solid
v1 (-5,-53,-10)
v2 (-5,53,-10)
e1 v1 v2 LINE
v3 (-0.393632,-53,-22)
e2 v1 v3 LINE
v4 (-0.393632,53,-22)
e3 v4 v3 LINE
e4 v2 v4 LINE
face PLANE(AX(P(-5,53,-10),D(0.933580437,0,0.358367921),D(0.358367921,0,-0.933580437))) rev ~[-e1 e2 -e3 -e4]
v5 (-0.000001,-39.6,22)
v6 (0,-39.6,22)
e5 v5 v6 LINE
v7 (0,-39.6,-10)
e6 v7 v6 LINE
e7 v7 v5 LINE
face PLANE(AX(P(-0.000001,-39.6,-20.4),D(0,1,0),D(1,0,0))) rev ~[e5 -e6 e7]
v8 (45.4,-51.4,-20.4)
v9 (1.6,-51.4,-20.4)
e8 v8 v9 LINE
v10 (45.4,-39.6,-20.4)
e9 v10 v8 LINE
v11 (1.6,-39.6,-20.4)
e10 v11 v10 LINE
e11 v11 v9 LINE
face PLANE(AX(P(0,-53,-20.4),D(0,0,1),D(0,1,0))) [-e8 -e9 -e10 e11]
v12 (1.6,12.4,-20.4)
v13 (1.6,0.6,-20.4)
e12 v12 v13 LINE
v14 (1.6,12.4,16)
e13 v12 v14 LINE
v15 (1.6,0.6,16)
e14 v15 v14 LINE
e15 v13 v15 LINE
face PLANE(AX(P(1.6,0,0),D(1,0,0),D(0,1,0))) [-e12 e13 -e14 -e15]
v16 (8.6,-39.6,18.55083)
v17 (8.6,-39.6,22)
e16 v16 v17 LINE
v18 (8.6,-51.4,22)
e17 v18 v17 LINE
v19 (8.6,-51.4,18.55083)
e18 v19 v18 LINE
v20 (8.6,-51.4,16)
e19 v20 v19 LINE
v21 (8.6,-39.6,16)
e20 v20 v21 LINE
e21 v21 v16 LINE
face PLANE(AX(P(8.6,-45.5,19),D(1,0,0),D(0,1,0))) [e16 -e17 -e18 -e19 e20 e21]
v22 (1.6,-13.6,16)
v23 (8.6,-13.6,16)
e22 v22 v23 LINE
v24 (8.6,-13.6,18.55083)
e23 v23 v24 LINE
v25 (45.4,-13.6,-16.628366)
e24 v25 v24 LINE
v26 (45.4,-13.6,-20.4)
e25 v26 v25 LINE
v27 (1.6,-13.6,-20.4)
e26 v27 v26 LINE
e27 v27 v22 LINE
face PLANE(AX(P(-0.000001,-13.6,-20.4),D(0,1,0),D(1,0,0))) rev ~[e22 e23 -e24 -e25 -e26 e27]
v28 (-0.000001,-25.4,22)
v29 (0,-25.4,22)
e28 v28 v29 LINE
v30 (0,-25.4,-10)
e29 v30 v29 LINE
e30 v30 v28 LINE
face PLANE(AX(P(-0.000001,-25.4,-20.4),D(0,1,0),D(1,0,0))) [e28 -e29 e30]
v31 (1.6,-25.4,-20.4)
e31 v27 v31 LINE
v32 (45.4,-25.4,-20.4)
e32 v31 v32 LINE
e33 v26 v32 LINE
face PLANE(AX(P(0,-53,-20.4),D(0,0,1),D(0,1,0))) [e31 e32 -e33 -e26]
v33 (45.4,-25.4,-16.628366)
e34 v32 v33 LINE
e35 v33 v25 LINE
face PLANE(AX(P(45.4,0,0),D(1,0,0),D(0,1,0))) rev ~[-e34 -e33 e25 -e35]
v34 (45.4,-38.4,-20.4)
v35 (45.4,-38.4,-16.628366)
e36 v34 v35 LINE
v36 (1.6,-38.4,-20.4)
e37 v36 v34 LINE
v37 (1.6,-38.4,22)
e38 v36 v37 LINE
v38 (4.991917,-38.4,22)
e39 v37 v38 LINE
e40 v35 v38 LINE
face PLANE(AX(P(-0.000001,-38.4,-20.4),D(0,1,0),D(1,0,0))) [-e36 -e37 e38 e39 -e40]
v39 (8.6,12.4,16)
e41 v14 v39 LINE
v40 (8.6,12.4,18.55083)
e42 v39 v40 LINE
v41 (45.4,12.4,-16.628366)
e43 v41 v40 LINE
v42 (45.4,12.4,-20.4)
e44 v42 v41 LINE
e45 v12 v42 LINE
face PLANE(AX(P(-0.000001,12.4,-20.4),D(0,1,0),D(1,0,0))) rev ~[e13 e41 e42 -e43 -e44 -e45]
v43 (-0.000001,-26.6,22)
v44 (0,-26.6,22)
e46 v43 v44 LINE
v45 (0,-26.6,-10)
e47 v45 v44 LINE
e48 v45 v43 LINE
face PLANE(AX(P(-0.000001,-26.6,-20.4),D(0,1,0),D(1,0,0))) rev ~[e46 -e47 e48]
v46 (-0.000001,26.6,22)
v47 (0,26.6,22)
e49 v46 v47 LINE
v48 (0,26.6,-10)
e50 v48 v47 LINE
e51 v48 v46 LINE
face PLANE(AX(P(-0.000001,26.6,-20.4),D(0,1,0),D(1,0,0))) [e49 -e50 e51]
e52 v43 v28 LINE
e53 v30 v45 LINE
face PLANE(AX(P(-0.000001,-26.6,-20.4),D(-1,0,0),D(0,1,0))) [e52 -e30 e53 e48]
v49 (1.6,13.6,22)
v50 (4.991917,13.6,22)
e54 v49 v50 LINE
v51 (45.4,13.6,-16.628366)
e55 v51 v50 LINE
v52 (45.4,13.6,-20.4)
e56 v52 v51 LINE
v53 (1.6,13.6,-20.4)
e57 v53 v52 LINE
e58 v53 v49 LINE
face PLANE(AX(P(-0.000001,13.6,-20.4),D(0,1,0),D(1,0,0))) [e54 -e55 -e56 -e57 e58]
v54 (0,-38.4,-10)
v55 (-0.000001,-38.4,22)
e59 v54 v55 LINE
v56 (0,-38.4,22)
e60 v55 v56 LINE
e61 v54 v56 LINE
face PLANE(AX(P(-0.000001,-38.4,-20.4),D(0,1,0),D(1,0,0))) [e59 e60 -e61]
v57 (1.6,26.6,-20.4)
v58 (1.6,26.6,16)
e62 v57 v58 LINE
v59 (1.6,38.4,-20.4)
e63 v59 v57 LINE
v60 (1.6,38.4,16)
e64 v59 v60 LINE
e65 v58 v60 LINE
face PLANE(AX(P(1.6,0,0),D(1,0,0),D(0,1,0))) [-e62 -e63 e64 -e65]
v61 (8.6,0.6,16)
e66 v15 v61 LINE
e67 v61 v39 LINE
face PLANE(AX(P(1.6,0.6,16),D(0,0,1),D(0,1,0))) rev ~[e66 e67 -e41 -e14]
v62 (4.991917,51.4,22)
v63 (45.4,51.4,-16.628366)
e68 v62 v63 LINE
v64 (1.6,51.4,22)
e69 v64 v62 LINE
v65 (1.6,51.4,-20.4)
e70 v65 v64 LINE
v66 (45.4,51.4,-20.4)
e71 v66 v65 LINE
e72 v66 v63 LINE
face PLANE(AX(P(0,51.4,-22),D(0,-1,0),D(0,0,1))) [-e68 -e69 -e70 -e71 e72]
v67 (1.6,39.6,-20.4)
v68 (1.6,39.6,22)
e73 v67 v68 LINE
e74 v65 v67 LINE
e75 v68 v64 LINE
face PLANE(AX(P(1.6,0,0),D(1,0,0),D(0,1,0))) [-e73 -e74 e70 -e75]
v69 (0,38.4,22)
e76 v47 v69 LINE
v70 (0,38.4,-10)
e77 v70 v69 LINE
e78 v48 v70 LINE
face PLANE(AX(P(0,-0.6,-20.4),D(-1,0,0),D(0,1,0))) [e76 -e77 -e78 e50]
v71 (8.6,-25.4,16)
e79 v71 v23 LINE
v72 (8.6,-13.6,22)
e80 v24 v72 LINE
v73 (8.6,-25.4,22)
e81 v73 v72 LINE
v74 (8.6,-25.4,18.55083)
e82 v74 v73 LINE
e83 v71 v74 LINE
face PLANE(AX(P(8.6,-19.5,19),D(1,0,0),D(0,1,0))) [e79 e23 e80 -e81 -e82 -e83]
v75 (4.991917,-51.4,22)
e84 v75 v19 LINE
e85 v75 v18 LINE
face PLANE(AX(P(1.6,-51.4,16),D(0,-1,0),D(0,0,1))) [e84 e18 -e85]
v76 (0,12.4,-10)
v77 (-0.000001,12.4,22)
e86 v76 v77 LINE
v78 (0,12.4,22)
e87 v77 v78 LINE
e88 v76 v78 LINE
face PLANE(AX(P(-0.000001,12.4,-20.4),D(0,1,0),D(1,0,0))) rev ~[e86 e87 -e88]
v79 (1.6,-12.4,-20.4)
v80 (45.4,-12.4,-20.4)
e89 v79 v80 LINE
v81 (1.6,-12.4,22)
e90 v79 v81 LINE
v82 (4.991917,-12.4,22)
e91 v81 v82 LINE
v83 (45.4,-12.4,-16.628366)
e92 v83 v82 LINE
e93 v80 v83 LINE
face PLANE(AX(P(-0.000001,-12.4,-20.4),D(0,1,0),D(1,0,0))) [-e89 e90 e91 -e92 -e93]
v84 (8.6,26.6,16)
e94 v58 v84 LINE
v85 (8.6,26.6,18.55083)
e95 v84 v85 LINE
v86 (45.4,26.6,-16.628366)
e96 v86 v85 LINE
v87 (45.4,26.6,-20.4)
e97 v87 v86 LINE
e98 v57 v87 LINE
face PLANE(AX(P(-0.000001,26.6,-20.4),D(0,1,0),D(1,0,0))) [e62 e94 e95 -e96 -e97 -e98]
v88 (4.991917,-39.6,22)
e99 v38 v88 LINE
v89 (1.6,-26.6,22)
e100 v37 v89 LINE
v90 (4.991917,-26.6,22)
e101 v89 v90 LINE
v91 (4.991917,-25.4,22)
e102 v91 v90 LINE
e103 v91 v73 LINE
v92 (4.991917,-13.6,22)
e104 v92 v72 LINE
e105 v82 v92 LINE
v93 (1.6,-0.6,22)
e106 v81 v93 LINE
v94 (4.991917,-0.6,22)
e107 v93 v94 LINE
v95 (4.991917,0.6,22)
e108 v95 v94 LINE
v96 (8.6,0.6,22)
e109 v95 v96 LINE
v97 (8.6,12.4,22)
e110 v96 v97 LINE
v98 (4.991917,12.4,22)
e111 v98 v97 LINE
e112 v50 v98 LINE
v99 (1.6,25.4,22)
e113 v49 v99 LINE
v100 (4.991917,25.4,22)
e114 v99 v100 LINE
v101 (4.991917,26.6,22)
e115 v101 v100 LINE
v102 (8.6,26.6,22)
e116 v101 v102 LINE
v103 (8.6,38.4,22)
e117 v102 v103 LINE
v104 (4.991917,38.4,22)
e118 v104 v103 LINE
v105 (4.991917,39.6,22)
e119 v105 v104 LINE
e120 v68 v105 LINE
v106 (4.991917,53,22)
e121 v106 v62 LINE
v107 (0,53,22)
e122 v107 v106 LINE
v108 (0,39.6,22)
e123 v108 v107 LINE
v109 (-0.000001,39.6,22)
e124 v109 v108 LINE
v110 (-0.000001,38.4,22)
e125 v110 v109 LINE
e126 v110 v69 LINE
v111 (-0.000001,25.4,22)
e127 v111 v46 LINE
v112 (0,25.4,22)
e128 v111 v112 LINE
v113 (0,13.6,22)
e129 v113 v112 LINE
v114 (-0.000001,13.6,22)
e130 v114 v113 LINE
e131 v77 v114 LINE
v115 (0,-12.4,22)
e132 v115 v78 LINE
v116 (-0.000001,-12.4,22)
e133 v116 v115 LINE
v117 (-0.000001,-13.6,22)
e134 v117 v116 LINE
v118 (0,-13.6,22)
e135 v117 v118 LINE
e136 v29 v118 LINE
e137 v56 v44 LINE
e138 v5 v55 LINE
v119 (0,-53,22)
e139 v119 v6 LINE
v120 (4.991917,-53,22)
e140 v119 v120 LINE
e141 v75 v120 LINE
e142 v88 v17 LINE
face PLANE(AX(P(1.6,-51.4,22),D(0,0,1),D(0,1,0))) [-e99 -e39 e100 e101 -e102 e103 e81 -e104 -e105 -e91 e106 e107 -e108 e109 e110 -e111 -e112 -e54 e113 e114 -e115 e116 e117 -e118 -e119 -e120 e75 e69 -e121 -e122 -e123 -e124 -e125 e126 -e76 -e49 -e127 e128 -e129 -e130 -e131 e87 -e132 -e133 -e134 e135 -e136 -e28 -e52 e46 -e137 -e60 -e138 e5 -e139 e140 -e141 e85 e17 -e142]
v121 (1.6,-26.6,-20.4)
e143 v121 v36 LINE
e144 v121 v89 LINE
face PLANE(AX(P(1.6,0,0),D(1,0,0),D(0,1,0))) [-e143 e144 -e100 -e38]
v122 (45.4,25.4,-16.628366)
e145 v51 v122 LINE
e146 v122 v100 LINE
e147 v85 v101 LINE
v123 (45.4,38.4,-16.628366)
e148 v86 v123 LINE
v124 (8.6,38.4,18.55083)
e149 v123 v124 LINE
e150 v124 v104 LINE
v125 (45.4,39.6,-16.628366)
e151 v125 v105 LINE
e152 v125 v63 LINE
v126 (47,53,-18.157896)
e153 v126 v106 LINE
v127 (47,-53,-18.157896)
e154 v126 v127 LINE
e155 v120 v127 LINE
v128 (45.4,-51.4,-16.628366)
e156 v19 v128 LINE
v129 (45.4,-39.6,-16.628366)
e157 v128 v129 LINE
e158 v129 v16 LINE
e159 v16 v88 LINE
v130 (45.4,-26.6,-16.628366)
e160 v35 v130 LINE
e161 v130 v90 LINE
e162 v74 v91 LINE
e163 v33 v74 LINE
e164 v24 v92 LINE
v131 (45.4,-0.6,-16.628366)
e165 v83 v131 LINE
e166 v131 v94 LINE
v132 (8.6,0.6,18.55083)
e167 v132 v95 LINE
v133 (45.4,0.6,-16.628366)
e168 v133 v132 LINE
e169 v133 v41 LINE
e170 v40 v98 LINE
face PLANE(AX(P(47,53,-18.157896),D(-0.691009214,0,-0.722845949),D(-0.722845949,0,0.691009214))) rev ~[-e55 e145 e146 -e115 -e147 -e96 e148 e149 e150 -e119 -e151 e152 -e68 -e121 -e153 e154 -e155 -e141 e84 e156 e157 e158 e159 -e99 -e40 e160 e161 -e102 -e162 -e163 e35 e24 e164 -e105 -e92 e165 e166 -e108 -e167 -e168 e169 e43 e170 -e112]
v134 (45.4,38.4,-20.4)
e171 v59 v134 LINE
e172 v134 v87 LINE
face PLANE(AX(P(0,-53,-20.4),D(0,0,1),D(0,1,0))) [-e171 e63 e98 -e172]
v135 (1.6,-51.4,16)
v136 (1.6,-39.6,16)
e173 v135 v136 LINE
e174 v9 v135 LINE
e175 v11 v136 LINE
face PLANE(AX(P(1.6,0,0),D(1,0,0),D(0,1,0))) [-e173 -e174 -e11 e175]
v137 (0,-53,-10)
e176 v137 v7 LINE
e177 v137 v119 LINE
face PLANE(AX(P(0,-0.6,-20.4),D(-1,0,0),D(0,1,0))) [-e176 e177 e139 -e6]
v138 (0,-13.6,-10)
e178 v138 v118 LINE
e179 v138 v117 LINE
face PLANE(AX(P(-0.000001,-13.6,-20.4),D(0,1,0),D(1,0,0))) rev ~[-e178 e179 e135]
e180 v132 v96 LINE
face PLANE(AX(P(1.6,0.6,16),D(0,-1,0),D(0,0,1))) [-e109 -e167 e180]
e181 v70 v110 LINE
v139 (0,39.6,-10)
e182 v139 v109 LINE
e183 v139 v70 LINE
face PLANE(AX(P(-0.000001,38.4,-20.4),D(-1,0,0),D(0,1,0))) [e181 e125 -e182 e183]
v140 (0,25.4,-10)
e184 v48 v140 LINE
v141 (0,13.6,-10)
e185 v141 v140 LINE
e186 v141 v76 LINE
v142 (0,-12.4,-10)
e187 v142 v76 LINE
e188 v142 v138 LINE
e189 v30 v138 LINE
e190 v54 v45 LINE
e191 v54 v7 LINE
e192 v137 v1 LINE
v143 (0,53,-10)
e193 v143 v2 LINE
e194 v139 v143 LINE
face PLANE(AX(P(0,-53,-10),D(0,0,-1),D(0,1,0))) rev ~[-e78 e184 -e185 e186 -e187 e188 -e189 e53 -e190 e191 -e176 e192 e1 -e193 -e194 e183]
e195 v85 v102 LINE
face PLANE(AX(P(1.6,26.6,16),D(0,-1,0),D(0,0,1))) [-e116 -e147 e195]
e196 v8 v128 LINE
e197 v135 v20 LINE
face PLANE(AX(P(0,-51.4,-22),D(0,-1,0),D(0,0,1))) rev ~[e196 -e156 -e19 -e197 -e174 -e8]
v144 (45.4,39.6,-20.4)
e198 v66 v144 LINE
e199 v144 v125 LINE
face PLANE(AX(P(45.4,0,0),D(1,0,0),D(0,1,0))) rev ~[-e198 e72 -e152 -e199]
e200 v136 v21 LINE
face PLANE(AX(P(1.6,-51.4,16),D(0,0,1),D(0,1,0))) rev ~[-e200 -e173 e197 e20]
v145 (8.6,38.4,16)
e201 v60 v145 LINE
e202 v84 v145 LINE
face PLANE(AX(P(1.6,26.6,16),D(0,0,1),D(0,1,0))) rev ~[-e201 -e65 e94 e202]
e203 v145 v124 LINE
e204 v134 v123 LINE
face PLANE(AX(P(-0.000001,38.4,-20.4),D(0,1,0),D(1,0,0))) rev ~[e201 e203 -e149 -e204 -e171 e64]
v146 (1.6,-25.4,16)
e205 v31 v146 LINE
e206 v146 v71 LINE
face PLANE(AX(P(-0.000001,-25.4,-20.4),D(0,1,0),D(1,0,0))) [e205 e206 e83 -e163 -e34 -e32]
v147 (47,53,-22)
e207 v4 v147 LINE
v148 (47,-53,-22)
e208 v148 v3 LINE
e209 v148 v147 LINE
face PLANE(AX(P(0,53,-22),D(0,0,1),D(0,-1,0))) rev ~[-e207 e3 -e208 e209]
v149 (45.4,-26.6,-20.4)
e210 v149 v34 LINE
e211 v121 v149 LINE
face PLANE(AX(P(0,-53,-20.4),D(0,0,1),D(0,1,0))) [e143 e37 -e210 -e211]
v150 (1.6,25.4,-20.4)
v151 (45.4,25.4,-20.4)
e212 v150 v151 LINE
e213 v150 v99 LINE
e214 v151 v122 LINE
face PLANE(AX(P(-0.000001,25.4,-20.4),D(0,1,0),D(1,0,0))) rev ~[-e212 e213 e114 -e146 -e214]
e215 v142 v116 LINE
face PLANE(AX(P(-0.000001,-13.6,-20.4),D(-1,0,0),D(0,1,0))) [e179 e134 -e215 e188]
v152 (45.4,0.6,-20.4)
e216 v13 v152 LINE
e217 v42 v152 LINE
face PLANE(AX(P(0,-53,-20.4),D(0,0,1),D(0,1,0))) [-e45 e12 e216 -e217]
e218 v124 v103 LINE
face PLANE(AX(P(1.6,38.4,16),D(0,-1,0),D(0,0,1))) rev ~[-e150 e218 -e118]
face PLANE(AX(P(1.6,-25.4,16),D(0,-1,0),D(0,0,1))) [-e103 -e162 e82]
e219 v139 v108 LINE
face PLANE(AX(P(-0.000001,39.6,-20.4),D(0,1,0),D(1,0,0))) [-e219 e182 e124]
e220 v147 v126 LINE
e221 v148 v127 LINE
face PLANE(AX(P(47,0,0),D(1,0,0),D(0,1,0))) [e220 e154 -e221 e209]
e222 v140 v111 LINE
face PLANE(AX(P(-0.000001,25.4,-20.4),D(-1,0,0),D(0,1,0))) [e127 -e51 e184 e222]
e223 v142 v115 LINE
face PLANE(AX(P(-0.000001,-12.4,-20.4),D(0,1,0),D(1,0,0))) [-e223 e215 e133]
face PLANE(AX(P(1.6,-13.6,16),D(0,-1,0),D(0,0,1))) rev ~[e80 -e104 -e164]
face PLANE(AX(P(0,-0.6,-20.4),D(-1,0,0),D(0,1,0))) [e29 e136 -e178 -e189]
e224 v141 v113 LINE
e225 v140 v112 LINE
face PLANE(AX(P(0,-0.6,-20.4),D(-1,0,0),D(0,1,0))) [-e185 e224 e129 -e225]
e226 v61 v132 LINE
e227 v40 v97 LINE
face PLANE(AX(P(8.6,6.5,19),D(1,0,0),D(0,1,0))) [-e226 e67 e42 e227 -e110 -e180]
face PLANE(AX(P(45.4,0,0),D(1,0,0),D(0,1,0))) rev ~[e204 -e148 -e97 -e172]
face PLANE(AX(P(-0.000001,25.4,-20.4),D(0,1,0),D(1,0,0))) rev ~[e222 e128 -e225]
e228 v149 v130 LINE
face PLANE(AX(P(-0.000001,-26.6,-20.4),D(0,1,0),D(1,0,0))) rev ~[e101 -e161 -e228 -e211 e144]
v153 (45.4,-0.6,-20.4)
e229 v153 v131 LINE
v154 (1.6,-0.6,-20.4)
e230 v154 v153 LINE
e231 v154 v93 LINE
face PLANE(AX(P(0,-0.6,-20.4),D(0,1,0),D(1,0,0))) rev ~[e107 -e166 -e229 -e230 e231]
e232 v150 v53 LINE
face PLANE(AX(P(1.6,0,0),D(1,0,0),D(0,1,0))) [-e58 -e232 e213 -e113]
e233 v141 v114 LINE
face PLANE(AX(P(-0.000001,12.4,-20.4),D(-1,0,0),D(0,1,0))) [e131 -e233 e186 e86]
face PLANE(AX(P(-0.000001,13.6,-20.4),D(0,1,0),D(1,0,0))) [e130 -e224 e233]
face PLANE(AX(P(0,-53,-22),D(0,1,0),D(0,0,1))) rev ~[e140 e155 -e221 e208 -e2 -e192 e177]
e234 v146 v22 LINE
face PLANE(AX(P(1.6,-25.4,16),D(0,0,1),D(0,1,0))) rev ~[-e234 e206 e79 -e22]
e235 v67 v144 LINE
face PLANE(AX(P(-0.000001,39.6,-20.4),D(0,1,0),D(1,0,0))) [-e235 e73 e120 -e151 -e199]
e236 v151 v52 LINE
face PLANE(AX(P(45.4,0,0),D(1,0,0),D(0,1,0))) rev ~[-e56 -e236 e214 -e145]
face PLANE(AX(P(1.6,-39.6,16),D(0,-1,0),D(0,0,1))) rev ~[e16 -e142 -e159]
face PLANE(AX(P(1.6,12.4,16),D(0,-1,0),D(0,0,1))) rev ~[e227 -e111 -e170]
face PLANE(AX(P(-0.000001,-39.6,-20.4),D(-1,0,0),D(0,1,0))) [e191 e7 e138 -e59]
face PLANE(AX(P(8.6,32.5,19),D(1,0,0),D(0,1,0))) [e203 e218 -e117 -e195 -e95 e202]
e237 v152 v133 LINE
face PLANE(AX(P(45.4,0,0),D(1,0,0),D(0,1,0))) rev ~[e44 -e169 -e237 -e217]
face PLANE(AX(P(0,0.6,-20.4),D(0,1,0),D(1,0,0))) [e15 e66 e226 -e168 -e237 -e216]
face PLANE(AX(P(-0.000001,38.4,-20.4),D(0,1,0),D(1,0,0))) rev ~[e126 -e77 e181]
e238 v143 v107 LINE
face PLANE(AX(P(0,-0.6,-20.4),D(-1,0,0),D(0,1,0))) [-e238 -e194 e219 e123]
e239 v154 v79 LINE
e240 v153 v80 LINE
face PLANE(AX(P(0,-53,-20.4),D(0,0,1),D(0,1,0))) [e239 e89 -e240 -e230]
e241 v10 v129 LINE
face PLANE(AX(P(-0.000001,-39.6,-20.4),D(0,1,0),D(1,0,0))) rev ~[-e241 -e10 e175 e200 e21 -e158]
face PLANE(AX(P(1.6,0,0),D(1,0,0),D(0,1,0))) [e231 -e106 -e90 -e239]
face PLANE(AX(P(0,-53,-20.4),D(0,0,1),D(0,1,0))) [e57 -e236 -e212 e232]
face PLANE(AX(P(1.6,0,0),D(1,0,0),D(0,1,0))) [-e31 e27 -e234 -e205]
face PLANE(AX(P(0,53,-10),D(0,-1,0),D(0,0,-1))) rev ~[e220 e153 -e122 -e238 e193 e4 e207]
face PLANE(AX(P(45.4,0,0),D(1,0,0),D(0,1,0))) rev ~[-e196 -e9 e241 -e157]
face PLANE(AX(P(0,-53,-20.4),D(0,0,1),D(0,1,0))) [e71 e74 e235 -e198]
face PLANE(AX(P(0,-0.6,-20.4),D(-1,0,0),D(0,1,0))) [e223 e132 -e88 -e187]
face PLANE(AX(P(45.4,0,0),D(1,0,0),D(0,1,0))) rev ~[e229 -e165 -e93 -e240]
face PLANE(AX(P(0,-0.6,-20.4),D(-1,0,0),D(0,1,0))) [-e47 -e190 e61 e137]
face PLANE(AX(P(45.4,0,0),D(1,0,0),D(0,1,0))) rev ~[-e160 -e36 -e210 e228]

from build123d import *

# Parameters (mm, degrees)
F0_W      = 106
F0_H      = 44
F1_DEPTH  = 47
F2_T      = -1.6
F3_W      = 47
F3_H      = 1.2
F3_W_2    = 46.578951
F4_DEPTH  = 42.4
F6_DEPTH  = 143
F7_W      = 11.8
F7_H      = 6
F8_DEPTH  = 7
F10_DEPTH = 5
F11_W     = 11.8
F11_H     = 6
F12_DEPTH = 7
F13_W     = 11.8
F13_H     = 6
F14_DEPTH = 7
F15_W     = 11.8
F15_H     = 6
F16_DEPTH = 7
F18_DEPTH = 119


with BuildPart() as f1:
    # F0 (on Right) → F1 (new body)
    with BuildSketch(Plane.YZ):
        Rectangle(F0_W, F0_H)
    extrude(amount=F1_DEPTH)

    # F2
    f2_openings = [f1.faces().sort_by_distance(p)[0] for p in [
        (23.5, 0, 22),
    ]]
    offset(amount=F2_T, openings=f2_openings)

    # F3 (on face) → F4 (join)
    with BuildSketch(Plane.XY.offset(-20.4)):
        with Locations((23.5, 0)):
            Rectangle(F3_W, F3_H)
        with Locations((23.289475, 13)):
            Rectangle(F3_W_2, F3_H)
        with Locations((23.289475, 26)):
            Rectangle(F3_W_2, F3_H)
        with Locations((23.289475, 39)):
            Rectangle(F3_W_2, F3_H)
        with Locations((23.289475, -13)):
            Rectangle(F3_W_2, F3_H)
        with Locations((23.289475, -26)):
            Rectangle(F3_W_2, F3_H)
        with Locations((23.289475, -39)):
            Rectangle(F3_W_2, F3_H)
    extrude(amount=F4_DEPTH)

    # F5 (on face) → F6 (cut)
    with BuildSketch(Plane(origin=(0, 53, 0), x_dir=(-1, 0, 0), z_dir=(0, 1, 0))):
        Polygon((-4.991917, 22), (-47, 22), (-47, -18.157896), align=None)
    extrude(amount=-F6_DEPTH, mode=Mode.SUBTRACT)

    # F7 (on face) → F8 (join)
    with BuildSketch(Plane.YZ.offset(1.6)):
        with Locations((32.5, 19)):
            Rectangle(F7_W, F7_H)
    extrude(amount=F8_DEPTH)

    # F9 (on face) → F10 (join)
    with BuildSketch(Plane(origin=(0, 0, 0), x_dir=(0, -1, 0), z_dir=(-1, 0, 0))):
        Polygon((-53, -22), (-8.871453, -22), (-3.871453, -22), (53, -22), (53, -10), (-53, -10), align=None)
    extrude(amount=F10_DEPTH)

    # F11 (on face) → F12 (join)
    with BuildSketch(Plane.YZ.offset(1.6)):
        with Locations((6.5, 19)):
            Rectangle(F11_W, F11_H)
    extrude(amount=F12_DEPTH)

    # F13 (on face) → F14 (join)
    with BuildSketch(Plane.YZ.offset(1.6)):
        with Locations((-19.5, 19)):
            Rectangle(F13_W, F13_H)
    extrude(amount=F14_DEPTH)

    # F15 (on face) → F16 (join)
    with BuildSketch(Plane.YZ.offset(1.6)):
        with Locations((-45.5, 19)):
            Rectangle(F15_W, F15_H)
    extrude(amount=F16_DEPTH)

    # F17 (on face) → F18 (cut)
    with BuildSketch(Plane(origin=(0, 53, 0), x_dir=(-1, 0, 0), z_dir=(0, 1, 0))):
        Polygon((5, -22), (5, -10), (0.393632, -22), align=None)
    extrude(amount=-F18_DEPTH, mode=Mode.SUBTRACT)


solid = f1.part
